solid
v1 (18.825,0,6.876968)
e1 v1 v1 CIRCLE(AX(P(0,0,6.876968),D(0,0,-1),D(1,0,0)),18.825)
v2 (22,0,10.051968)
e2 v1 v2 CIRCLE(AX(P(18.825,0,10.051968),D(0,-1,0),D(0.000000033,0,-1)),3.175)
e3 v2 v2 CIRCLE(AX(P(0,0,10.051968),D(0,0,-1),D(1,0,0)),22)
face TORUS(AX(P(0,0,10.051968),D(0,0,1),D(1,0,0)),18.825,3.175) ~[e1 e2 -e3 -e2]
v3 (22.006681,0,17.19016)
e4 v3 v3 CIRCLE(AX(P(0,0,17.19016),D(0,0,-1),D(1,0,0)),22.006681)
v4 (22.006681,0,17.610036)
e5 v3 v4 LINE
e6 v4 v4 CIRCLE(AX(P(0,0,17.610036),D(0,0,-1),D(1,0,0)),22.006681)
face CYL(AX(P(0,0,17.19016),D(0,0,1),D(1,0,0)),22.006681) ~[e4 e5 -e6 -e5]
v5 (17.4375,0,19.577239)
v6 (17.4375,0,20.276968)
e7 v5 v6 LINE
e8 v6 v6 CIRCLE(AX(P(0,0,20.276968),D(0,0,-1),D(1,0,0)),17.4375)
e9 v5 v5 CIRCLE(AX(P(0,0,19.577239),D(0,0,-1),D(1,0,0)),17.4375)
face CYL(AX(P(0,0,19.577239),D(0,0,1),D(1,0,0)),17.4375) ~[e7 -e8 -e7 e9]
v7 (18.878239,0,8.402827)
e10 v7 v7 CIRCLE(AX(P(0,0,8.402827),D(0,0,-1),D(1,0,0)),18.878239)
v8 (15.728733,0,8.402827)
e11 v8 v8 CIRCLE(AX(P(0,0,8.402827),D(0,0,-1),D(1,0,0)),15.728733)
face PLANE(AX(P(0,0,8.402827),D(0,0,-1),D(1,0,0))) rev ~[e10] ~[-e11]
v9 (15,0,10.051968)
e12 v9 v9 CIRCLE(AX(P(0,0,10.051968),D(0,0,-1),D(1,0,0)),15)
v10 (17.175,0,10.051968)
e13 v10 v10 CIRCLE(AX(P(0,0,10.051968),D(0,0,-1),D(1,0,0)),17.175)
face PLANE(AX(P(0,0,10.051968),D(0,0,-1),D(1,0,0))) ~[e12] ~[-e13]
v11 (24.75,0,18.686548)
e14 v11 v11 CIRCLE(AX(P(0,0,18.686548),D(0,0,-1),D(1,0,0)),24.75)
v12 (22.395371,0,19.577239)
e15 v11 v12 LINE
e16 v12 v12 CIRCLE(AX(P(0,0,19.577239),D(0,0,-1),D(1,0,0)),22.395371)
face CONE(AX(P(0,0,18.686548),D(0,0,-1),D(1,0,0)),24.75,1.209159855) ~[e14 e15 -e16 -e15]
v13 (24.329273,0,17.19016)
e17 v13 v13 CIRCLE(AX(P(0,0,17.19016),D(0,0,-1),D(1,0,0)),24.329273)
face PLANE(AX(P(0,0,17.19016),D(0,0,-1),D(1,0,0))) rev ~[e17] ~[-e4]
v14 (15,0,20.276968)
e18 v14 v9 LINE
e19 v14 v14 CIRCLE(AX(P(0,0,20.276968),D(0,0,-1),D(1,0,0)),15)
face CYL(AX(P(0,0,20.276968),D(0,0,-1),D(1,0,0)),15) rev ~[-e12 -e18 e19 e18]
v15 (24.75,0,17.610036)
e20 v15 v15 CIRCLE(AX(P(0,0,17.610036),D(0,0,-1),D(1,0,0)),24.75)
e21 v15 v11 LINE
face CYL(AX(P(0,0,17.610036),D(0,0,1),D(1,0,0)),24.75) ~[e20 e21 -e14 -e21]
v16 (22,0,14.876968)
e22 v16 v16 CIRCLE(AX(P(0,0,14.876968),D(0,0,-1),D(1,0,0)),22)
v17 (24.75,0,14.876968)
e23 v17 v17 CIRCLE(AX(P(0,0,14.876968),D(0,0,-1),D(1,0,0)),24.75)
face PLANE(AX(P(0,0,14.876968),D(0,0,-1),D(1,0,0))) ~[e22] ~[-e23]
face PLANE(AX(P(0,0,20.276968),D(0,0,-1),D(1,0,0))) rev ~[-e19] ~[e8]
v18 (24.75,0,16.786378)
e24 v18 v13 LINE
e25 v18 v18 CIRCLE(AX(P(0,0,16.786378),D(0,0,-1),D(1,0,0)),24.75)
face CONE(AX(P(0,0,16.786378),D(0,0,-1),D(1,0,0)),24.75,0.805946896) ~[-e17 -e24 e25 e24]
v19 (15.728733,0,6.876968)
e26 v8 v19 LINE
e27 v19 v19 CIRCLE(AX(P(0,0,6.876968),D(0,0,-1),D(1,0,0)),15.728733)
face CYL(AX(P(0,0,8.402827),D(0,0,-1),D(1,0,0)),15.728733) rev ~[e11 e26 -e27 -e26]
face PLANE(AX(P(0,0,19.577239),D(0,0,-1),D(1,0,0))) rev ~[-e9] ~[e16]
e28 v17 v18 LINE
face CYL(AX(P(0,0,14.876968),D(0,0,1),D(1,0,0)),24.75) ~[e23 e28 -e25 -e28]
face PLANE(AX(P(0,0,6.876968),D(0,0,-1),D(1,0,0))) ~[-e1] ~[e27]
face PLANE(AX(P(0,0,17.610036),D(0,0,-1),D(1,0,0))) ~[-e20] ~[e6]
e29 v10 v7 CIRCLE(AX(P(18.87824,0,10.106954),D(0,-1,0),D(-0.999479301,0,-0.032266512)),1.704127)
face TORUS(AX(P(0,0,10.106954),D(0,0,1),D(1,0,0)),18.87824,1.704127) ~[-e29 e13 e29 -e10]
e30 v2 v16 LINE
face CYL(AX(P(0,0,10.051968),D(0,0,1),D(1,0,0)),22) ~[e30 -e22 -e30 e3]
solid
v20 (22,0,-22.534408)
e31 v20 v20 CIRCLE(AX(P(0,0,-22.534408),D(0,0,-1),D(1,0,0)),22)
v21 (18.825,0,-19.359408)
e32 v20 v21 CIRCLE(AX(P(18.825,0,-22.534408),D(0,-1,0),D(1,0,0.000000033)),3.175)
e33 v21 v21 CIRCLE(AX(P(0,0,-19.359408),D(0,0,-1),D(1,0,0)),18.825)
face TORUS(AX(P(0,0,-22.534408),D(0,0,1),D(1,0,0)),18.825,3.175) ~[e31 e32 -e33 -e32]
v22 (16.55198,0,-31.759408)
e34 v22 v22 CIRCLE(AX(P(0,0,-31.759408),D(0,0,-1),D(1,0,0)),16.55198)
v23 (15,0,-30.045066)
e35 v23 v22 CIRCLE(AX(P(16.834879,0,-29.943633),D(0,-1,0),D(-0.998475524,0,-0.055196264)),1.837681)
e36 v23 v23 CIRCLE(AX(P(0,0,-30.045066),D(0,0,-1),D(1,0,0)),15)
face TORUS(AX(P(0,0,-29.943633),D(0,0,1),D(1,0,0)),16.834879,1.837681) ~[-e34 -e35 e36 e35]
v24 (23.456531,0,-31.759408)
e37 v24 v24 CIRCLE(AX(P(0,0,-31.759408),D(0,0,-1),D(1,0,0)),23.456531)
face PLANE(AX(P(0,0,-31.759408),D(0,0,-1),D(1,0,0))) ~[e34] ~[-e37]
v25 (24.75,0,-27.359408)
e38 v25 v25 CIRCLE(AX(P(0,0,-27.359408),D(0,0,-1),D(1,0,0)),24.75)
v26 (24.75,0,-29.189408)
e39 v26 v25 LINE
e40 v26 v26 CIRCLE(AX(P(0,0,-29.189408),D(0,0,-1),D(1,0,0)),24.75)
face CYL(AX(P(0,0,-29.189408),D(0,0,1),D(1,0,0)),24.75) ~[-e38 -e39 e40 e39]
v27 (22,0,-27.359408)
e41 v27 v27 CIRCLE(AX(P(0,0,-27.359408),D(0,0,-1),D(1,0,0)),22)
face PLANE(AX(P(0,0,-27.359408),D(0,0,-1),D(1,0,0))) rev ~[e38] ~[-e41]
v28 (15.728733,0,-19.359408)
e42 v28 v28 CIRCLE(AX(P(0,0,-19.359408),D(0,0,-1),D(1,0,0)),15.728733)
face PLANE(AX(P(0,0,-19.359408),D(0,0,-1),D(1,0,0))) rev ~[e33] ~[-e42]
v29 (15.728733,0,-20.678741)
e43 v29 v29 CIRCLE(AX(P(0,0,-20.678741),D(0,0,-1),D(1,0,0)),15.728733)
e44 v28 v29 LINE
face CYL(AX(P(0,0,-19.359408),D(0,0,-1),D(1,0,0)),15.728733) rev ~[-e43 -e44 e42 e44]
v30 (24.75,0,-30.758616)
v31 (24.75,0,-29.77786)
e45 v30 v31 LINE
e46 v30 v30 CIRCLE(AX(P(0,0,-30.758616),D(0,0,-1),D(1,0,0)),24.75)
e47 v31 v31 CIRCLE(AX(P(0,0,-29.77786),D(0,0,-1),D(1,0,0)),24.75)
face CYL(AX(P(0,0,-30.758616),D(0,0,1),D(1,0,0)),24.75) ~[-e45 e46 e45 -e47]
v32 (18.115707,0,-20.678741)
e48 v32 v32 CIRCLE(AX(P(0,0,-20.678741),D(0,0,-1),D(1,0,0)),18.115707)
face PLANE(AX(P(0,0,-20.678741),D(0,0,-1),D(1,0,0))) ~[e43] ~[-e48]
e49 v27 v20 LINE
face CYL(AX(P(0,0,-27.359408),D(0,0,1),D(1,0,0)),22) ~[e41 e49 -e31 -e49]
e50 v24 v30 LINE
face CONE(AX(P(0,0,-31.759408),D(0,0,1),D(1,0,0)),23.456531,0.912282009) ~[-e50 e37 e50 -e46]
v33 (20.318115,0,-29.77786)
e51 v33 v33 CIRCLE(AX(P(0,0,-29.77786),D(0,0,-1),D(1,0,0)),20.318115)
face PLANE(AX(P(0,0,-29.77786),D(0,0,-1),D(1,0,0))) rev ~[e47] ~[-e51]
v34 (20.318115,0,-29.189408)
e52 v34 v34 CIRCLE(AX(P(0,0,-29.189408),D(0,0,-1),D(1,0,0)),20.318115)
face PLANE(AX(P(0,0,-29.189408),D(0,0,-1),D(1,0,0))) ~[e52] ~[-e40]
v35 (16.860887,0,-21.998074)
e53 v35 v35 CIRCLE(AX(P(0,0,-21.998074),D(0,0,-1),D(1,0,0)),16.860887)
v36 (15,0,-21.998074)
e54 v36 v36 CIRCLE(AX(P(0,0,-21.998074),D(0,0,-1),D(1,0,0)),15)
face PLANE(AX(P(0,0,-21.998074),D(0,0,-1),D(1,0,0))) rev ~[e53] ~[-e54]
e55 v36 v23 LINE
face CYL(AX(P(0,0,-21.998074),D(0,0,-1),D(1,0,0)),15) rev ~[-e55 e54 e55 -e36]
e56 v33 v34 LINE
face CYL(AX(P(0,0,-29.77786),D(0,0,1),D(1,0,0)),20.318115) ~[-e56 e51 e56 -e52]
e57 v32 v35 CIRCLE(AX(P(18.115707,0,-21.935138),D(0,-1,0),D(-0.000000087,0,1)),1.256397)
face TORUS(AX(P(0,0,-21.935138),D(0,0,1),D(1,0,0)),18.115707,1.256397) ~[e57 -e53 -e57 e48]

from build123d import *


with BuildPart() as f1:
    # F0 (on Front) → F1 (revolve)
    with BuildSketch(Plane.XZ):
        with BuildLine():
            Line((17.4375, 20.276968), (15, 20.276968))
            Line((15, 20.276968), (15, 10.051968))
            Line((15, 10.051968), (17.175, 10.051968))
            ThreePointArc((17.175, 10.051968), (17.692839, 8.882669), (18.878239, 8.402827))
            Line((18.878239, 8.402827), (15.728733, 8.402827))
            Line((15.728733, 8.402827), (15.728733, 6.876968))
            Line((15.728733, 6.876968), (18.825, 6.876968))
            ThreePointArc((18.825, 6.876968), (21.070064, 7.806904), (22, 10.051968))
            Line((22, 10.051968), (22, 14.876968))
            Line((22, 14.876968), (24.75, 14.876968))
            Line((24.75, 14.876968), (24.75, 16.786378))
            Line((24.75, 16.786378), (24.329273, 17.19016))
            Line((24.329273, 17.19016), (22.006681, 17.19016))
            Line((22.006681, 17.19016), (22.006681, 17.610036))
            Line((22.006681, 17.610036), (24.75, 17.610036))
            Line((24.75, 17.610036), (24.75, 18.686548))
            Line((24.75, 18.686548), (22.395371, 19.577239))
            Line((22.395371, 19.577239), (19.875, 19.577239))
            Line((19.875, 19.577239), (17.4375, 19.577239))
            Line((17.4375, 19.577239), (17.4375, 20.276968))
        make_face()
    revolve(axis=Axis((0, 0, -4.802956), (0, 0, -1)))


with BuildPart() as f2:
    # F0 (on Front) → F2 (revolve)
    with BuildSketch(Plane.XZ):
        with BuildLine():
            Line((24.75, -29.189408), (24.75, -27.359408))
            Line((24.75, -27.359408), (22, -27.359408))
            Line((22, -27.359408), (22, -22.534408))
            ThreePointArc((22, -22.534408), (21.070064, -20.289344), (18.825, -19.359408))
            Line((18.825, -19.359408), (15.728733, -19.359408))
            Line((15.728733, -19.359408), (15.728733, -20.678741))
            Line((15.728733, -20.678741), (18.115707, -20.678741))
            ThreePointArc((18.115707, -20.678741), (17.205321, -21.069268), (16.860887, -21.998074))
            Line((16.860887, -21.998074), (15, -21.998074))
            Line((15, -21.998074), (15, -30.045066))
            ThreePointArc((15, -30.045066), (15.472533, -31.176955), (16.55198, -31.759408))
            Line((16.55198, -31.759408), (16.58098, -31.759408))
            Line((16.58098, -31.759408), (23.456531, -31.759408))
            Line((23.456531, -31.759408), (24.75, -30.758616))
            Line((24.75, -30.758616), (24.75, -29.77786))
            Line((24.75, -29.77786), (20.318115, -29.77786))
            Line((20.318115, -29.77786), (20.318115, -29.189408))
            Line((20.318115, -29.189408), (24.75, -29.189408))
        make_face()
    revolve(axis=Axis((0, 0, -4.802956), (0, 0, -1)))


solid = Compound([f1.part, f2.part])
